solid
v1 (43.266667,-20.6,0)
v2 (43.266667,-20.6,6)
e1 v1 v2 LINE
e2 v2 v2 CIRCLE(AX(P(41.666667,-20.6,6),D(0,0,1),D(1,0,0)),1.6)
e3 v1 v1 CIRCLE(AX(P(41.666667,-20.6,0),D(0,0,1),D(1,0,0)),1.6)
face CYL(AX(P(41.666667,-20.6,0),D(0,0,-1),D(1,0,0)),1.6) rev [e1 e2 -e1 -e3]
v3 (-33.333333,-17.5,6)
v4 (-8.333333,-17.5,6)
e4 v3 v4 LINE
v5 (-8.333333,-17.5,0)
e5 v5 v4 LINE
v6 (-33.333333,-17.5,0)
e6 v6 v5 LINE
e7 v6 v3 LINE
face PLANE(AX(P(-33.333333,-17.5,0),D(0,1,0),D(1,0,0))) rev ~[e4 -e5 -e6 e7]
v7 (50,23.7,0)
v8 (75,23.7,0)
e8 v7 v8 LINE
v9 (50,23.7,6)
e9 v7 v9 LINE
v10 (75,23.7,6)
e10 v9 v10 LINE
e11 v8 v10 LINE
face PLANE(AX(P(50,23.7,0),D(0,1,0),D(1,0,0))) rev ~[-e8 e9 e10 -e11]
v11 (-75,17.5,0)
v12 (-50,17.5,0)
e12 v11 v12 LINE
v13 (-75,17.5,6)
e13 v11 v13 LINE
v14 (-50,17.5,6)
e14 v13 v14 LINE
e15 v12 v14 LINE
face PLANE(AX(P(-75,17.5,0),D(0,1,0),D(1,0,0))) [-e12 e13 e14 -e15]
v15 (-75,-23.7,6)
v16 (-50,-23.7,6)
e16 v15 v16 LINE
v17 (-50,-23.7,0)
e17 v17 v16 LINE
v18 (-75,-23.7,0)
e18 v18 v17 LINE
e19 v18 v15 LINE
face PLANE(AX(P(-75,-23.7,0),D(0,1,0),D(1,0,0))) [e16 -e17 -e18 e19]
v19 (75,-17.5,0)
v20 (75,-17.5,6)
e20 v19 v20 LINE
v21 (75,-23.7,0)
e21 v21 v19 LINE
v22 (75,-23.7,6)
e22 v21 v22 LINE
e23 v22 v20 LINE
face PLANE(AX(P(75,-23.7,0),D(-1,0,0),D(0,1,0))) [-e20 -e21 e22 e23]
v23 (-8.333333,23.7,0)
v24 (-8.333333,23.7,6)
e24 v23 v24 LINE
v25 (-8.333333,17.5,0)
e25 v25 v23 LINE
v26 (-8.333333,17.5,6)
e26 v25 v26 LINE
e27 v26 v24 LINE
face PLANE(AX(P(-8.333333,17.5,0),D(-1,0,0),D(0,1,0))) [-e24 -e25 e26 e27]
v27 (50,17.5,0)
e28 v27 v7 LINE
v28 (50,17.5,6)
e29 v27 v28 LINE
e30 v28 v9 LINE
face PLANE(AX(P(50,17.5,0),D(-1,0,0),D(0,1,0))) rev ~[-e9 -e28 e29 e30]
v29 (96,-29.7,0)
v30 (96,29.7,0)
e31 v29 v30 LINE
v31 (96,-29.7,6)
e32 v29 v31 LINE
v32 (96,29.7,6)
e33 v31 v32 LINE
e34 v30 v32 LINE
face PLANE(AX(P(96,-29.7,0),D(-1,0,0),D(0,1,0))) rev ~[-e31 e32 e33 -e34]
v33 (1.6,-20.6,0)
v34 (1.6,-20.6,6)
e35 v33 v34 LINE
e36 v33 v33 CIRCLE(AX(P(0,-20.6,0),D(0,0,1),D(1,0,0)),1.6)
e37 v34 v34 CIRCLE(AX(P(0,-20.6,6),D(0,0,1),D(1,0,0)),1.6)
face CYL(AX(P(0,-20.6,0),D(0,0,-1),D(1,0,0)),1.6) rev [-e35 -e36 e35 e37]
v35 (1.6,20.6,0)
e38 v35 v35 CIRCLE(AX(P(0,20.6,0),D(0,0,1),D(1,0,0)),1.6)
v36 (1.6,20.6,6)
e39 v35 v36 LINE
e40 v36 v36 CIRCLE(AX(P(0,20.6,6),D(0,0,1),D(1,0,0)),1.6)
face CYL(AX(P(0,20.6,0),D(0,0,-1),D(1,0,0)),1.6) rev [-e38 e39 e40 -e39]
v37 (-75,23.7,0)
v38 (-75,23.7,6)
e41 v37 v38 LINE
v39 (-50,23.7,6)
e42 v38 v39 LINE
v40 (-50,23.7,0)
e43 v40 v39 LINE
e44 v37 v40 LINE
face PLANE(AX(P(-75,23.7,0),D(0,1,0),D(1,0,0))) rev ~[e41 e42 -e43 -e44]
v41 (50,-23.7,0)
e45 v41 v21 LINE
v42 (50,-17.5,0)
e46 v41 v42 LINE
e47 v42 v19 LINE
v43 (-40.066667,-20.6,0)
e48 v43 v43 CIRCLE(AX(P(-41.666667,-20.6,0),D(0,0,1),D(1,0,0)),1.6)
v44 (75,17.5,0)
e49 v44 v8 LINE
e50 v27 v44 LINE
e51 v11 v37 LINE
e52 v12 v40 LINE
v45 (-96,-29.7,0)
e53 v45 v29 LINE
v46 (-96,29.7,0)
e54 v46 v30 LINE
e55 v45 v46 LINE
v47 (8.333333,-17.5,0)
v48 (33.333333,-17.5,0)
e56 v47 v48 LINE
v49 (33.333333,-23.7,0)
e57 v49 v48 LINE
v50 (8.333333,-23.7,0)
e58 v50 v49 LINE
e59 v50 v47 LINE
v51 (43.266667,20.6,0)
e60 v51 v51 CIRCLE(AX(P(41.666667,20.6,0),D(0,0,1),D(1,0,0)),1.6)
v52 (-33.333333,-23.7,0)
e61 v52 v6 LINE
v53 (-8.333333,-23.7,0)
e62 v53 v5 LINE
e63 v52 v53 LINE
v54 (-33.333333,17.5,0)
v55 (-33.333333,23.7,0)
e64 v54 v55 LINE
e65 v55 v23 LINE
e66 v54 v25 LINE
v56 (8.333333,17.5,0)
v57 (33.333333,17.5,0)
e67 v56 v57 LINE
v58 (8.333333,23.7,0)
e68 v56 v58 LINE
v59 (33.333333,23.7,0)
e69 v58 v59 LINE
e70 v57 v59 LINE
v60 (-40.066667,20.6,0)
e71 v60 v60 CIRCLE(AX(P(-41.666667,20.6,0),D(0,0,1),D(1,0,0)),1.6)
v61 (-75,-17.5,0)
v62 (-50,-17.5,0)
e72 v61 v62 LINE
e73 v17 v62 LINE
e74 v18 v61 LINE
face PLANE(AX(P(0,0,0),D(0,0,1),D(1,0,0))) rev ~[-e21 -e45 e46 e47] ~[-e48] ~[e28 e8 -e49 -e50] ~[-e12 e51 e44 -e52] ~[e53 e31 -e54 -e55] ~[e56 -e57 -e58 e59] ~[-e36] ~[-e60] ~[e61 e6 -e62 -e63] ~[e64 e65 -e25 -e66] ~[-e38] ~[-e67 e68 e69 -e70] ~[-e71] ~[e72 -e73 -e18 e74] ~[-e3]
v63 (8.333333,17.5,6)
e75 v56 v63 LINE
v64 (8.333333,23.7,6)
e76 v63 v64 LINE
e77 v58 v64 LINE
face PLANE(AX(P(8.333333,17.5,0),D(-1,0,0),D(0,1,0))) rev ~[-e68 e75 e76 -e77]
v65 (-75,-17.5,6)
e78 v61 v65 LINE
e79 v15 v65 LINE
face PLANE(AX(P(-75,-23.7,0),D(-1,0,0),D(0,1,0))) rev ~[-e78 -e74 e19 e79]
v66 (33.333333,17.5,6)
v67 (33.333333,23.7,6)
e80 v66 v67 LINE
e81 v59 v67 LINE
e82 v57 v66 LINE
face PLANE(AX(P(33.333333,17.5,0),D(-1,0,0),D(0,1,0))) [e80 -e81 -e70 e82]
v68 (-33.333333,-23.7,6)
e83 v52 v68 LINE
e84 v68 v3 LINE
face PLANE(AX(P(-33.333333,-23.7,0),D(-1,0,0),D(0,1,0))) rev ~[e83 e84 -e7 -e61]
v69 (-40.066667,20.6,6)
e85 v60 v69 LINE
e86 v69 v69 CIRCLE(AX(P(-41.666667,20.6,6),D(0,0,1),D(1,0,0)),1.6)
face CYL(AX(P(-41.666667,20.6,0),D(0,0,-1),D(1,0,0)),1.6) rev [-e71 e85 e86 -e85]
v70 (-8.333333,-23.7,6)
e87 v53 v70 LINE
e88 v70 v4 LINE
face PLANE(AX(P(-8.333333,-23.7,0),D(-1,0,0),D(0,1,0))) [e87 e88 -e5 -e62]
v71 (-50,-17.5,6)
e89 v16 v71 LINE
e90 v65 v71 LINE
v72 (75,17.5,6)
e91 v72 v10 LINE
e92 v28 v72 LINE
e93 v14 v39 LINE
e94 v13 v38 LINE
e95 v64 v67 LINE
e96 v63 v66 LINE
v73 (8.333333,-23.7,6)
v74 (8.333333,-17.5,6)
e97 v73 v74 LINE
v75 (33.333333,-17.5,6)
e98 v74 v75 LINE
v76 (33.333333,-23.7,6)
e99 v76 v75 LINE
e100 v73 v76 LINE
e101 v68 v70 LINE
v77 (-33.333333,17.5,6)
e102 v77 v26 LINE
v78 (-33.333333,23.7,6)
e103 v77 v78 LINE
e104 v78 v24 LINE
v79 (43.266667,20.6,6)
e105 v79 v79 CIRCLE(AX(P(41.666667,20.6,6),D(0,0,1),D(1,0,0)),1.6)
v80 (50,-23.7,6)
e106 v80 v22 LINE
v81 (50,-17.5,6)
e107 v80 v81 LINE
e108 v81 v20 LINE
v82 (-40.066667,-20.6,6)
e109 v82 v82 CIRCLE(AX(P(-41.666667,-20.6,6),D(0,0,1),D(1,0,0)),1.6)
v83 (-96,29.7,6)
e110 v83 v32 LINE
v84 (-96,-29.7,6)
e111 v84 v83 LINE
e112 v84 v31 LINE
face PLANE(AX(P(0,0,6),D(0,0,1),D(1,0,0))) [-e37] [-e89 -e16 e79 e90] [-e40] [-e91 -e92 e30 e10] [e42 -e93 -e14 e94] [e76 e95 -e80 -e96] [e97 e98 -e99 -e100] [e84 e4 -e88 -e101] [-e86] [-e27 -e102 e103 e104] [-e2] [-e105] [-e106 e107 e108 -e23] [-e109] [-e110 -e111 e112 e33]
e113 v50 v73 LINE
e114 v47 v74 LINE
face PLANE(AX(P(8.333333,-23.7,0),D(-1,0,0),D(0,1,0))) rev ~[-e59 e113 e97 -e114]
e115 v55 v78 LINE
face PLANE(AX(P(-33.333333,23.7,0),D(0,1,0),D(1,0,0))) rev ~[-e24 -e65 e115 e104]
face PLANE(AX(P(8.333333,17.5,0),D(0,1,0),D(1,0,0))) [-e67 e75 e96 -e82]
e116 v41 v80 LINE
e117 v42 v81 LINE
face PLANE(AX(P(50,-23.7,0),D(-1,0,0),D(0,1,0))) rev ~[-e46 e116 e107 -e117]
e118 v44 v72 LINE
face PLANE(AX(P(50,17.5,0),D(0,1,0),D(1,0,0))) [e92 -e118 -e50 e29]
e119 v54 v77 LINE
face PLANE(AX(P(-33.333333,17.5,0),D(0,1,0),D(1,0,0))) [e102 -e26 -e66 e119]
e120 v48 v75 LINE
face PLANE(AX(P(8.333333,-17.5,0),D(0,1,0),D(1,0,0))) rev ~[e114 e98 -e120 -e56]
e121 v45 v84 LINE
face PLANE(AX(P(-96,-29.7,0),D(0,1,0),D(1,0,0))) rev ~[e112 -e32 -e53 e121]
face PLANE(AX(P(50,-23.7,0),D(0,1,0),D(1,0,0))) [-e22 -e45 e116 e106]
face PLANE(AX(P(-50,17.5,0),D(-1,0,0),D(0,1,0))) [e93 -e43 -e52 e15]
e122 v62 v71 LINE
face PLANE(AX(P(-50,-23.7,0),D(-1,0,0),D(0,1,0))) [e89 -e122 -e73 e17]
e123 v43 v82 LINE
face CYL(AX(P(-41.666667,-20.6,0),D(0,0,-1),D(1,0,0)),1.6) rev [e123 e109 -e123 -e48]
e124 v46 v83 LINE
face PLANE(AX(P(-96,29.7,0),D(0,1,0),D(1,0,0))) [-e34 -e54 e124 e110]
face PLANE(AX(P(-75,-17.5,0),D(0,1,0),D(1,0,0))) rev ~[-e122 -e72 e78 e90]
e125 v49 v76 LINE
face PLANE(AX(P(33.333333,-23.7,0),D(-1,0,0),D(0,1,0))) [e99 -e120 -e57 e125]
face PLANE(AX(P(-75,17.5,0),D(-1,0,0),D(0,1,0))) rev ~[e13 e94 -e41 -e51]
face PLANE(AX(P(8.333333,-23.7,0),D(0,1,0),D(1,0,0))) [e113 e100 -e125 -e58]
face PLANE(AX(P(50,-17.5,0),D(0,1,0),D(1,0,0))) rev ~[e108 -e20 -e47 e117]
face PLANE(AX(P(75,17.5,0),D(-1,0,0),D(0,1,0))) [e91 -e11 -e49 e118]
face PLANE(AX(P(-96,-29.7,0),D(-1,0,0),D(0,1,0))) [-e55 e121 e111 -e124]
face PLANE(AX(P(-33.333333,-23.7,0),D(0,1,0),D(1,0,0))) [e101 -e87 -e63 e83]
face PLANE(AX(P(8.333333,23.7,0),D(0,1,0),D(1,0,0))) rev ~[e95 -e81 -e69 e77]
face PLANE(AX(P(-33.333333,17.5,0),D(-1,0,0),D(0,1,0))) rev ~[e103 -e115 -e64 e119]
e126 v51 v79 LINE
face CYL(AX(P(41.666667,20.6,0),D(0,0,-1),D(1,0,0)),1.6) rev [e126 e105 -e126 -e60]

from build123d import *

# Parameters (mm, degrees)
SKETCH1_W           = 192
SKETCH1_H           = 59.4
SKETCH1_R           = 1.6
SKETCH1_W_2         = 25
SKETCH1_H_2         = 6.2
BOSS_EXTRUDE1_DEPTH = 6


with BuildPart() as part:
    # Sketch1 → Boss-Extrude1 (new body)
    with BuildSketch(Plane.XY):
        Rectangle(SKETCH1_W, SKETCH1_H)
        with Locations((-41.666666667, -20.6)):
            Circle(SKETCH1_R, mode=Mode.SUBTRACT)
        with Locations((0, -20.6)):
            Circle(SKETCH1_R, mode=Mode.SUBTRACT)
        with Locations((41.666666667, -20.6)):
            Circle(SKETCH1_R, mode=Mode.SUBTRACT)
        with Locations((0, 20.6)):
            Circle(SKETCH1_R, mode=Mode.SUBTRACT)
        with Locations((41.666666667, 20.6)):
            Circle(SKETCH1_R, mode=Mode.SUBTRACT)
        with Locations((-41.666666667, 20.6)):
            Circle(SKETCH1_R, mode=Mode.SUBTRACT)
        with Locations((-20.833333333, -20.6)):
            Rectangle(SKETCH1_W_2, SKETCH1_H_2, mode=Mode.SUBTRACT)
        with Locations((-62.5, -20.6)):
            Rectangle(SKETCH1_W_2, SKETCH1_H_2, mode=Mode.SUBTRACT)
        with Locations((20.833333333, -20.6)):
            Rectangle(SKETCH1_W_2, SKETCH1_H_2, mode=Mode.SUBTRACT)
        with Locations((62.5, -20.6)):
            Rectangle(SKETCH1_W_2, SKETCH1_H_2, mode=Mode.SUBTRACT)
        with Locations((-62.5, 20.6)):
            Rectangle(SKETCH1_W_2, SKETCH1_H_2, mode=Mode.SUBTRACT)
        with Locations((-20.833333333, 20.6)):
            Rectangle(SKETCH1_W_2, SKETCH1_H_2, mode=Mode.SUBTRACT)
        with Locations((20.833333333, 20.6)):
            Rectangle(SKETCH1_W_2, SKETCH1_H_2, mode=Mode.SUBTRACT)
        with Locations((62.5, 20.6)):
            Rectangle(SKETCH1_W_2, SKETCH1_H_2, mode=Mode.SUBTRACT)
    extrude(amount=BOSS_EXTRUDE1_DEPTH)


solid = part.part
